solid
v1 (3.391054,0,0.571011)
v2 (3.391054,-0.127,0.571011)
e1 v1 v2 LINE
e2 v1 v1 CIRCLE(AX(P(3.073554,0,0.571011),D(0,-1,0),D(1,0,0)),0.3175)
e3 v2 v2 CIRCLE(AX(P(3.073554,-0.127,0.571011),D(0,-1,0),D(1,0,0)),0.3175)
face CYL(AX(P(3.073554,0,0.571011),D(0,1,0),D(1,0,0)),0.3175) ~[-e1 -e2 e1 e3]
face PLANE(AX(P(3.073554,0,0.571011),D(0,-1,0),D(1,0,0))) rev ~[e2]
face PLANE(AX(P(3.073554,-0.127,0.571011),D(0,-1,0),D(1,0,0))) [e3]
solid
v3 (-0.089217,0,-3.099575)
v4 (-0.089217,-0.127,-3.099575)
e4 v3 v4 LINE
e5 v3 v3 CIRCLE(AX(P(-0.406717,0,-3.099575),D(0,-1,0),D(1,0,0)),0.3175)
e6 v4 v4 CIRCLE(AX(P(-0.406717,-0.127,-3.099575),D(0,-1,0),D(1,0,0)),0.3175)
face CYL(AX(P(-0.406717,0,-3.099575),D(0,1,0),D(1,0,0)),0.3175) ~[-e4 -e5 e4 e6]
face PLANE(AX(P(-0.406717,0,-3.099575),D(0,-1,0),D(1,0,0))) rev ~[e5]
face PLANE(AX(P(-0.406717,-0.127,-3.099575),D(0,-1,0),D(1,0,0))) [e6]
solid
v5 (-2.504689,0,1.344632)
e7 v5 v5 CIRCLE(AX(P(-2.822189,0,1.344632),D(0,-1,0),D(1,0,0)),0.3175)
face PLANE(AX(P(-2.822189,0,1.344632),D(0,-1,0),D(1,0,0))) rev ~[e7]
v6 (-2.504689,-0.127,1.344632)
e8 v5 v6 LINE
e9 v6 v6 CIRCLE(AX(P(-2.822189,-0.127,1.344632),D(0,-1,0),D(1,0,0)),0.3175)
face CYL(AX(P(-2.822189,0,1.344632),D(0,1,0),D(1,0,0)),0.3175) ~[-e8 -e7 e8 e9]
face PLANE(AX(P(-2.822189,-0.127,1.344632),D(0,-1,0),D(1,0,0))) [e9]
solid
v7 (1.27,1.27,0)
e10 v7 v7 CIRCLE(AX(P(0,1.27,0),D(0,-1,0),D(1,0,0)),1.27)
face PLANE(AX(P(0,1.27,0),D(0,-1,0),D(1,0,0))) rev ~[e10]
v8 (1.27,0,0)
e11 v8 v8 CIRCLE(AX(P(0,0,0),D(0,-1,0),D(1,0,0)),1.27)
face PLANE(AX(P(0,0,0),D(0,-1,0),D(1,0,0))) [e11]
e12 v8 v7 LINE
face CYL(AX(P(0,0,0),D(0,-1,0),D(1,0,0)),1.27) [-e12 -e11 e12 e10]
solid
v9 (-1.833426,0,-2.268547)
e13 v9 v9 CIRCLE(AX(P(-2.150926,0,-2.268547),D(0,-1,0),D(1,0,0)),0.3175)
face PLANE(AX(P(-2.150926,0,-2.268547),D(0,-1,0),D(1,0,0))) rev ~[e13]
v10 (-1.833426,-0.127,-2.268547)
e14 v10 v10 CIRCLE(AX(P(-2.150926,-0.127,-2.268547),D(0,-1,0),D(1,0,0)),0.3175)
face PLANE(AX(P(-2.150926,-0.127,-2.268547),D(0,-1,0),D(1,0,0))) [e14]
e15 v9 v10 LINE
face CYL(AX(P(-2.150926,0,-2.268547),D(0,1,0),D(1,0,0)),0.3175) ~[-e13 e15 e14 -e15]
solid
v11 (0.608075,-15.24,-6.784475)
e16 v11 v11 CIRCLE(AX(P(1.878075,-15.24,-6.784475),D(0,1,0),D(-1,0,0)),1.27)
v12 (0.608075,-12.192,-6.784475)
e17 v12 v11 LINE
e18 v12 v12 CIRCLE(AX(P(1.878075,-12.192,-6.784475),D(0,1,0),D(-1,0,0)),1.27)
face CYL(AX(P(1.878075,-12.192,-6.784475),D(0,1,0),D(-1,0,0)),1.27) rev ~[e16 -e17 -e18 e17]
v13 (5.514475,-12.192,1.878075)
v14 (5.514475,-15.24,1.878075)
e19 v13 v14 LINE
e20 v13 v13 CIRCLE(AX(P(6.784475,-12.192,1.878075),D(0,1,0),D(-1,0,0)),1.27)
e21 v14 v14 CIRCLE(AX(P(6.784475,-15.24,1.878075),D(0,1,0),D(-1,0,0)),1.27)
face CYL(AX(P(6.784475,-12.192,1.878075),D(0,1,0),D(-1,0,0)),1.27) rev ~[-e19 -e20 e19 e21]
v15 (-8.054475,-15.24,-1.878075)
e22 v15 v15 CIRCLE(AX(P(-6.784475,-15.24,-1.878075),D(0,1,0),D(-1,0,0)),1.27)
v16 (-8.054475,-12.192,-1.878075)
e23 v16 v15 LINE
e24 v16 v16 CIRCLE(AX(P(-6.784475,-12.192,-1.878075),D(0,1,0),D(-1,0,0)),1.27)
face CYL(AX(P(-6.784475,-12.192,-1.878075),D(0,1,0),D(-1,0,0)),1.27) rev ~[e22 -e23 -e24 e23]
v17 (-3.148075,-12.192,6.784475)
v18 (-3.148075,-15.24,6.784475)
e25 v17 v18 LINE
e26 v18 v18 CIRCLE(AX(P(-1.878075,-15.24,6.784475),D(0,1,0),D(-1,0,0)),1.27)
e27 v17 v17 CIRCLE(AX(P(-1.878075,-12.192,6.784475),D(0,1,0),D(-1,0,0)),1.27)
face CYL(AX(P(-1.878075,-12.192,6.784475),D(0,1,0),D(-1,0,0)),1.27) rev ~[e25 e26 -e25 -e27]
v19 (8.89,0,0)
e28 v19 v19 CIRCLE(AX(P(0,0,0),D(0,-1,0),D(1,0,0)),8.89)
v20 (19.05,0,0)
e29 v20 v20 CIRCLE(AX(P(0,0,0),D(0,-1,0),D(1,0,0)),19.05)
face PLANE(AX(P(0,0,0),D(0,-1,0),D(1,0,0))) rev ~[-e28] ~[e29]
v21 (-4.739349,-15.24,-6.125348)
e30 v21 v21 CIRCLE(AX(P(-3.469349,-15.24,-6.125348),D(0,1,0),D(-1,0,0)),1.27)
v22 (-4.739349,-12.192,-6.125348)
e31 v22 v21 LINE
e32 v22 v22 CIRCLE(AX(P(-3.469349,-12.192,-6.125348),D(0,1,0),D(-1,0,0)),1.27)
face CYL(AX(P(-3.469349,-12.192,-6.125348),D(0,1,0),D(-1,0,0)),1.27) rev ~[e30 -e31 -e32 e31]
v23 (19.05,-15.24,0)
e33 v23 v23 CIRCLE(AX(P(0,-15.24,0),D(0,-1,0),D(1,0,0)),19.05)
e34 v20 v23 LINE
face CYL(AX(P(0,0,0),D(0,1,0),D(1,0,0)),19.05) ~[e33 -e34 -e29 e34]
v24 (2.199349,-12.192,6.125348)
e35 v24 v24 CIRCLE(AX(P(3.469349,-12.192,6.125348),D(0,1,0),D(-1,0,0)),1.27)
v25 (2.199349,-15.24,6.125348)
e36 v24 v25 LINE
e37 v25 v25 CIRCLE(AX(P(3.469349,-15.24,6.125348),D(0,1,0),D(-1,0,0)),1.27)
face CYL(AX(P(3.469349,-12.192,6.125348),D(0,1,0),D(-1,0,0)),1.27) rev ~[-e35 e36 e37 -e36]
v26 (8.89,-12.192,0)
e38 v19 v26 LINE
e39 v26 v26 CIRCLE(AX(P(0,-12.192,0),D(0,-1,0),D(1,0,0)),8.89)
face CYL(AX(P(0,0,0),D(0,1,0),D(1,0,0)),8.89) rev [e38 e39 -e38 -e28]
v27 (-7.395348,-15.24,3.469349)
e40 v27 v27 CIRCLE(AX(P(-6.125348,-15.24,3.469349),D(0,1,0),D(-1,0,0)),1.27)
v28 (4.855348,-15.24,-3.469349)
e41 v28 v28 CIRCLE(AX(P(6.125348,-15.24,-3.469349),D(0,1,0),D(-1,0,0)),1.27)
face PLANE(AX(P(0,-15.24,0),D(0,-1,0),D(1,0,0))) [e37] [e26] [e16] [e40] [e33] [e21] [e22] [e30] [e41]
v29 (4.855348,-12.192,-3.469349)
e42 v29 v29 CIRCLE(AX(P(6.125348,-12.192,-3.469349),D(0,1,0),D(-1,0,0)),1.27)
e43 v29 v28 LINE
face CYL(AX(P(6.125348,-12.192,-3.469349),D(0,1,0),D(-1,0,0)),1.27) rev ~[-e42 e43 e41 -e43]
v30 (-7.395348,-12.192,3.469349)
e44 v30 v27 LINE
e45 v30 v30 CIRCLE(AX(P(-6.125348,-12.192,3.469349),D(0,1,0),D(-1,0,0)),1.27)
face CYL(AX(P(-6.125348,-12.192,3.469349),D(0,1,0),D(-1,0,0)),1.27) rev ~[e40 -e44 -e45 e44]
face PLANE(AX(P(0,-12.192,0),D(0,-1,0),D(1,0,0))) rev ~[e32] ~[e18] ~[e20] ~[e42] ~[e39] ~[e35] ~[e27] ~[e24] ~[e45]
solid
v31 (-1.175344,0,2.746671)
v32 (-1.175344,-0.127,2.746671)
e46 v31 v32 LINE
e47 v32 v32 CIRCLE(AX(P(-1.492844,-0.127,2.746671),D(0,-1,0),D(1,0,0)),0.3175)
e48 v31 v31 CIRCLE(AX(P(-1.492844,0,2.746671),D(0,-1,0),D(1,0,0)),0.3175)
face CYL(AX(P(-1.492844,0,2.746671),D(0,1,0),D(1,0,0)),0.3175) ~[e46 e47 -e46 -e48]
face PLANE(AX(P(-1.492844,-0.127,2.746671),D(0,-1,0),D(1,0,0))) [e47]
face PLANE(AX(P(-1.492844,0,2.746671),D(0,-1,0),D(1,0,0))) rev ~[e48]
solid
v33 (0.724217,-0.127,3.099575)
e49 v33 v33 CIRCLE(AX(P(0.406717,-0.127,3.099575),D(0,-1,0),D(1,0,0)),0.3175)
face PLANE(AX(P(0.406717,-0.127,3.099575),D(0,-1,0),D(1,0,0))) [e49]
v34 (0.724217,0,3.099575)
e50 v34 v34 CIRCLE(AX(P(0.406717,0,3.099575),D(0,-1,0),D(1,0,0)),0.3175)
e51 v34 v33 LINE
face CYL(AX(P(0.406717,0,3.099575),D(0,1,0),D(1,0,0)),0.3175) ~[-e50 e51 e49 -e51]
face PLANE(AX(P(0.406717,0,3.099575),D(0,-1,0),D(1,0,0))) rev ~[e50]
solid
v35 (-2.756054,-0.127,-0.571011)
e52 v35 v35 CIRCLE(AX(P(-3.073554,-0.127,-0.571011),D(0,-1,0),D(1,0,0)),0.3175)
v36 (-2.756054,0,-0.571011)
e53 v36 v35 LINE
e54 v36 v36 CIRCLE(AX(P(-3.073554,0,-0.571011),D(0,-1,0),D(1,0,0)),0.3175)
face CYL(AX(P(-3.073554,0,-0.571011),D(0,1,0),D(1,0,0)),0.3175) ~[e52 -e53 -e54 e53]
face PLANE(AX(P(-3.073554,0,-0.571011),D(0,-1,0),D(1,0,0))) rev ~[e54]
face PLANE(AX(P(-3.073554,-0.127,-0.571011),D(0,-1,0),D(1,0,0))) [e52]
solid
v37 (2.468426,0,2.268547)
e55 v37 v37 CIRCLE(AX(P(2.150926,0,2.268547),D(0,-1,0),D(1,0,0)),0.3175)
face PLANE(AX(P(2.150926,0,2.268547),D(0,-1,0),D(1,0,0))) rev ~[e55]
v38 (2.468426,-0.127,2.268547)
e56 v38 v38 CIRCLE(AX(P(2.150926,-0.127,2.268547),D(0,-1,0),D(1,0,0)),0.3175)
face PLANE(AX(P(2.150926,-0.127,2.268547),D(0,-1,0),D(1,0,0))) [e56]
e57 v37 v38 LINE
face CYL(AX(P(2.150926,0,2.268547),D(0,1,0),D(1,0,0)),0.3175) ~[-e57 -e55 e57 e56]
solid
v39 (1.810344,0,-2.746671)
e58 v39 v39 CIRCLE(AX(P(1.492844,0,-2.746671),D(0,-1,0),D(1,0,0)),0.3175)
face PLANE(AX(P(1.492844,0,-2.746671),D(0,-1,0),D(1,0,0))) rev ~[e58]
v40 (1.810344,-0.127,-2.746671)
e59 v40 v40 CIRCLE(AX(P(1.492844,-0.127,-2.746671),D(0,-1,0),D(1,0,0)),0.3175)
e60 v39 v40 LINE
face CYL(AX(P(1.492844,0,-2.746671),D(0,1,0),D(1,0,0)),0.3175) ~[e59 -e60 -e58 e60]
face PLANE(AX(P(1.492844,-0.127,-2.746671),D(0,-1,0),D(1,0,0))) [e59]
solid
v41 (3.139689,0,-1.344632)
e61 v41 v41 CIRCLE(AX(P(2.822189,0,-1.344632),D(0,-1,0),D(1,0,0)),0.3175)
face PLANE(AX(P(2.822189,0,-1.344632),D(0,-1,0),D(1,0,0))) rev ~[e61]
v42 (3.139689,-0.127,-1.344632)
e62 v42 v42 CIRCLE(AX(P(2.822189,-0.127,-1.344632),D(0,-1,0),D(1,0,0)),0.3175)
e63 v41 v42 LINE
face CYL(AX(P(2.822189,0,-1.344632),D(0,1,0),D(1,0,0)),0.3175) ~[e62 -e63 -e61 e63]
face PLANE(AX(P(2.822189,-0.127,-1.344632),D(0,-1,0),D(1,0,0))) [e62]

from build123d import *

# Parameters (mm, degrees)
F0_R      = 19.05
F0_R_2    = 8.89
F1_DEPTH  = 15.24
F2_DEPTH  = 15.24
F3_R      = 8.89
F4_DEPTH  = 12.192
F5_R      = 1.27
F6_DEPTH  = 3.048
F7_R      = 0.3175
F8_DEPTH  = 0.127
F9_R      = 1.27
F10_DEPTH = 1.27


with BuildPart() as f1:
    # F0 (on Front) → F1 (new body)
    with BuildSketch(Plane.XZ):
        Circle(F0_R)
        Circle(F0_R_2, mode=Mode.SUBTRACT)
    extrude(amount=F1_DEPTH)

    # F0 (on Front) → F2 (join)
    with BuildSketch(Plane.XZ):
        Circle(F0_R_2)
    extrude(amount=F2_DEPTH)

    # F3 (on Front) → F4 (cut)
    with BuildSketch(Plane.XZ):
        Circle(F3_R)
    extrude(amount=F4_DEPTH, mode=Mode.SUBTRACT)

    # F5 (on face) → F6 (cut)
    with BuildSketch(Plane(origin=(0, -12.192, 0), x_dir=(-1, 0, 0), z_dir=(0, 1, 0))):
        with Locations((-6.784475, 1.878075)):
            Circle(F5_R)
        with Locations((-3.469349, 6.125348)):
            Circle(F5_R)
        with Locations((1.878075, 6.784475)):
            Circle(F5_R)
        with Locations((6.125348, 3.469349)):
            Circle(F5_R)
        with Locations((3.469349, -6.125348)):
            Circle(F5_R)
        with Locations((6.784475, -1.878075)):
            Circle(F5_R)
        with Locations((-1.878075, -6.784475)):
            Circle(F5_R)
        with Locations((-6.125348, -3.469349)):
            Circle(F5_R)
    extrude(amount=-F6_DEPTH, mode=Mode.SUBTRACT)


with BuildPart() as f8:
    # F7 (on Front) → F8 (new body)
    with BuildSketch(Plane.XZ):
        with Locations((0.406717, 3.099575)):
            Circle(F7_R)
        with Locations((2.150926, 2.268547)):
            Circle(F7_R)
        with Locations((3.073554, 0.571011)):
            Circle(F7_R)
        with Locations((2.822189, -1.344632)):
            Circle(F7_R)
        with Locations((1.492844, -2.746671)):
            Circle(F7_R)
        with Locations((-0.406717, -3.099575)):
            Circle(F7_R)
        with Locations((-2.150926, -2.268547)):
            Circle(F7_R)
        with Locations((-3.073554, -0.571011)):
            Circle(F7_R)
        with Locations((-2.822189, 1.344632)):
            Circle(F7_R)
        with Locations((-1.492844, 2.746671)):
            Circle(F7_R)
    extrude(amount=F8_DEPTH)


with BuildPart() as f10:
    # F9 (on Front) → F10 (new body)
    with BuildSketch(Plane.XZ):
        Circle(F9_R)
    extrude(amount=-F10_DEPTH)


solid = Compound([f1.part, f8.part, f10.part])
